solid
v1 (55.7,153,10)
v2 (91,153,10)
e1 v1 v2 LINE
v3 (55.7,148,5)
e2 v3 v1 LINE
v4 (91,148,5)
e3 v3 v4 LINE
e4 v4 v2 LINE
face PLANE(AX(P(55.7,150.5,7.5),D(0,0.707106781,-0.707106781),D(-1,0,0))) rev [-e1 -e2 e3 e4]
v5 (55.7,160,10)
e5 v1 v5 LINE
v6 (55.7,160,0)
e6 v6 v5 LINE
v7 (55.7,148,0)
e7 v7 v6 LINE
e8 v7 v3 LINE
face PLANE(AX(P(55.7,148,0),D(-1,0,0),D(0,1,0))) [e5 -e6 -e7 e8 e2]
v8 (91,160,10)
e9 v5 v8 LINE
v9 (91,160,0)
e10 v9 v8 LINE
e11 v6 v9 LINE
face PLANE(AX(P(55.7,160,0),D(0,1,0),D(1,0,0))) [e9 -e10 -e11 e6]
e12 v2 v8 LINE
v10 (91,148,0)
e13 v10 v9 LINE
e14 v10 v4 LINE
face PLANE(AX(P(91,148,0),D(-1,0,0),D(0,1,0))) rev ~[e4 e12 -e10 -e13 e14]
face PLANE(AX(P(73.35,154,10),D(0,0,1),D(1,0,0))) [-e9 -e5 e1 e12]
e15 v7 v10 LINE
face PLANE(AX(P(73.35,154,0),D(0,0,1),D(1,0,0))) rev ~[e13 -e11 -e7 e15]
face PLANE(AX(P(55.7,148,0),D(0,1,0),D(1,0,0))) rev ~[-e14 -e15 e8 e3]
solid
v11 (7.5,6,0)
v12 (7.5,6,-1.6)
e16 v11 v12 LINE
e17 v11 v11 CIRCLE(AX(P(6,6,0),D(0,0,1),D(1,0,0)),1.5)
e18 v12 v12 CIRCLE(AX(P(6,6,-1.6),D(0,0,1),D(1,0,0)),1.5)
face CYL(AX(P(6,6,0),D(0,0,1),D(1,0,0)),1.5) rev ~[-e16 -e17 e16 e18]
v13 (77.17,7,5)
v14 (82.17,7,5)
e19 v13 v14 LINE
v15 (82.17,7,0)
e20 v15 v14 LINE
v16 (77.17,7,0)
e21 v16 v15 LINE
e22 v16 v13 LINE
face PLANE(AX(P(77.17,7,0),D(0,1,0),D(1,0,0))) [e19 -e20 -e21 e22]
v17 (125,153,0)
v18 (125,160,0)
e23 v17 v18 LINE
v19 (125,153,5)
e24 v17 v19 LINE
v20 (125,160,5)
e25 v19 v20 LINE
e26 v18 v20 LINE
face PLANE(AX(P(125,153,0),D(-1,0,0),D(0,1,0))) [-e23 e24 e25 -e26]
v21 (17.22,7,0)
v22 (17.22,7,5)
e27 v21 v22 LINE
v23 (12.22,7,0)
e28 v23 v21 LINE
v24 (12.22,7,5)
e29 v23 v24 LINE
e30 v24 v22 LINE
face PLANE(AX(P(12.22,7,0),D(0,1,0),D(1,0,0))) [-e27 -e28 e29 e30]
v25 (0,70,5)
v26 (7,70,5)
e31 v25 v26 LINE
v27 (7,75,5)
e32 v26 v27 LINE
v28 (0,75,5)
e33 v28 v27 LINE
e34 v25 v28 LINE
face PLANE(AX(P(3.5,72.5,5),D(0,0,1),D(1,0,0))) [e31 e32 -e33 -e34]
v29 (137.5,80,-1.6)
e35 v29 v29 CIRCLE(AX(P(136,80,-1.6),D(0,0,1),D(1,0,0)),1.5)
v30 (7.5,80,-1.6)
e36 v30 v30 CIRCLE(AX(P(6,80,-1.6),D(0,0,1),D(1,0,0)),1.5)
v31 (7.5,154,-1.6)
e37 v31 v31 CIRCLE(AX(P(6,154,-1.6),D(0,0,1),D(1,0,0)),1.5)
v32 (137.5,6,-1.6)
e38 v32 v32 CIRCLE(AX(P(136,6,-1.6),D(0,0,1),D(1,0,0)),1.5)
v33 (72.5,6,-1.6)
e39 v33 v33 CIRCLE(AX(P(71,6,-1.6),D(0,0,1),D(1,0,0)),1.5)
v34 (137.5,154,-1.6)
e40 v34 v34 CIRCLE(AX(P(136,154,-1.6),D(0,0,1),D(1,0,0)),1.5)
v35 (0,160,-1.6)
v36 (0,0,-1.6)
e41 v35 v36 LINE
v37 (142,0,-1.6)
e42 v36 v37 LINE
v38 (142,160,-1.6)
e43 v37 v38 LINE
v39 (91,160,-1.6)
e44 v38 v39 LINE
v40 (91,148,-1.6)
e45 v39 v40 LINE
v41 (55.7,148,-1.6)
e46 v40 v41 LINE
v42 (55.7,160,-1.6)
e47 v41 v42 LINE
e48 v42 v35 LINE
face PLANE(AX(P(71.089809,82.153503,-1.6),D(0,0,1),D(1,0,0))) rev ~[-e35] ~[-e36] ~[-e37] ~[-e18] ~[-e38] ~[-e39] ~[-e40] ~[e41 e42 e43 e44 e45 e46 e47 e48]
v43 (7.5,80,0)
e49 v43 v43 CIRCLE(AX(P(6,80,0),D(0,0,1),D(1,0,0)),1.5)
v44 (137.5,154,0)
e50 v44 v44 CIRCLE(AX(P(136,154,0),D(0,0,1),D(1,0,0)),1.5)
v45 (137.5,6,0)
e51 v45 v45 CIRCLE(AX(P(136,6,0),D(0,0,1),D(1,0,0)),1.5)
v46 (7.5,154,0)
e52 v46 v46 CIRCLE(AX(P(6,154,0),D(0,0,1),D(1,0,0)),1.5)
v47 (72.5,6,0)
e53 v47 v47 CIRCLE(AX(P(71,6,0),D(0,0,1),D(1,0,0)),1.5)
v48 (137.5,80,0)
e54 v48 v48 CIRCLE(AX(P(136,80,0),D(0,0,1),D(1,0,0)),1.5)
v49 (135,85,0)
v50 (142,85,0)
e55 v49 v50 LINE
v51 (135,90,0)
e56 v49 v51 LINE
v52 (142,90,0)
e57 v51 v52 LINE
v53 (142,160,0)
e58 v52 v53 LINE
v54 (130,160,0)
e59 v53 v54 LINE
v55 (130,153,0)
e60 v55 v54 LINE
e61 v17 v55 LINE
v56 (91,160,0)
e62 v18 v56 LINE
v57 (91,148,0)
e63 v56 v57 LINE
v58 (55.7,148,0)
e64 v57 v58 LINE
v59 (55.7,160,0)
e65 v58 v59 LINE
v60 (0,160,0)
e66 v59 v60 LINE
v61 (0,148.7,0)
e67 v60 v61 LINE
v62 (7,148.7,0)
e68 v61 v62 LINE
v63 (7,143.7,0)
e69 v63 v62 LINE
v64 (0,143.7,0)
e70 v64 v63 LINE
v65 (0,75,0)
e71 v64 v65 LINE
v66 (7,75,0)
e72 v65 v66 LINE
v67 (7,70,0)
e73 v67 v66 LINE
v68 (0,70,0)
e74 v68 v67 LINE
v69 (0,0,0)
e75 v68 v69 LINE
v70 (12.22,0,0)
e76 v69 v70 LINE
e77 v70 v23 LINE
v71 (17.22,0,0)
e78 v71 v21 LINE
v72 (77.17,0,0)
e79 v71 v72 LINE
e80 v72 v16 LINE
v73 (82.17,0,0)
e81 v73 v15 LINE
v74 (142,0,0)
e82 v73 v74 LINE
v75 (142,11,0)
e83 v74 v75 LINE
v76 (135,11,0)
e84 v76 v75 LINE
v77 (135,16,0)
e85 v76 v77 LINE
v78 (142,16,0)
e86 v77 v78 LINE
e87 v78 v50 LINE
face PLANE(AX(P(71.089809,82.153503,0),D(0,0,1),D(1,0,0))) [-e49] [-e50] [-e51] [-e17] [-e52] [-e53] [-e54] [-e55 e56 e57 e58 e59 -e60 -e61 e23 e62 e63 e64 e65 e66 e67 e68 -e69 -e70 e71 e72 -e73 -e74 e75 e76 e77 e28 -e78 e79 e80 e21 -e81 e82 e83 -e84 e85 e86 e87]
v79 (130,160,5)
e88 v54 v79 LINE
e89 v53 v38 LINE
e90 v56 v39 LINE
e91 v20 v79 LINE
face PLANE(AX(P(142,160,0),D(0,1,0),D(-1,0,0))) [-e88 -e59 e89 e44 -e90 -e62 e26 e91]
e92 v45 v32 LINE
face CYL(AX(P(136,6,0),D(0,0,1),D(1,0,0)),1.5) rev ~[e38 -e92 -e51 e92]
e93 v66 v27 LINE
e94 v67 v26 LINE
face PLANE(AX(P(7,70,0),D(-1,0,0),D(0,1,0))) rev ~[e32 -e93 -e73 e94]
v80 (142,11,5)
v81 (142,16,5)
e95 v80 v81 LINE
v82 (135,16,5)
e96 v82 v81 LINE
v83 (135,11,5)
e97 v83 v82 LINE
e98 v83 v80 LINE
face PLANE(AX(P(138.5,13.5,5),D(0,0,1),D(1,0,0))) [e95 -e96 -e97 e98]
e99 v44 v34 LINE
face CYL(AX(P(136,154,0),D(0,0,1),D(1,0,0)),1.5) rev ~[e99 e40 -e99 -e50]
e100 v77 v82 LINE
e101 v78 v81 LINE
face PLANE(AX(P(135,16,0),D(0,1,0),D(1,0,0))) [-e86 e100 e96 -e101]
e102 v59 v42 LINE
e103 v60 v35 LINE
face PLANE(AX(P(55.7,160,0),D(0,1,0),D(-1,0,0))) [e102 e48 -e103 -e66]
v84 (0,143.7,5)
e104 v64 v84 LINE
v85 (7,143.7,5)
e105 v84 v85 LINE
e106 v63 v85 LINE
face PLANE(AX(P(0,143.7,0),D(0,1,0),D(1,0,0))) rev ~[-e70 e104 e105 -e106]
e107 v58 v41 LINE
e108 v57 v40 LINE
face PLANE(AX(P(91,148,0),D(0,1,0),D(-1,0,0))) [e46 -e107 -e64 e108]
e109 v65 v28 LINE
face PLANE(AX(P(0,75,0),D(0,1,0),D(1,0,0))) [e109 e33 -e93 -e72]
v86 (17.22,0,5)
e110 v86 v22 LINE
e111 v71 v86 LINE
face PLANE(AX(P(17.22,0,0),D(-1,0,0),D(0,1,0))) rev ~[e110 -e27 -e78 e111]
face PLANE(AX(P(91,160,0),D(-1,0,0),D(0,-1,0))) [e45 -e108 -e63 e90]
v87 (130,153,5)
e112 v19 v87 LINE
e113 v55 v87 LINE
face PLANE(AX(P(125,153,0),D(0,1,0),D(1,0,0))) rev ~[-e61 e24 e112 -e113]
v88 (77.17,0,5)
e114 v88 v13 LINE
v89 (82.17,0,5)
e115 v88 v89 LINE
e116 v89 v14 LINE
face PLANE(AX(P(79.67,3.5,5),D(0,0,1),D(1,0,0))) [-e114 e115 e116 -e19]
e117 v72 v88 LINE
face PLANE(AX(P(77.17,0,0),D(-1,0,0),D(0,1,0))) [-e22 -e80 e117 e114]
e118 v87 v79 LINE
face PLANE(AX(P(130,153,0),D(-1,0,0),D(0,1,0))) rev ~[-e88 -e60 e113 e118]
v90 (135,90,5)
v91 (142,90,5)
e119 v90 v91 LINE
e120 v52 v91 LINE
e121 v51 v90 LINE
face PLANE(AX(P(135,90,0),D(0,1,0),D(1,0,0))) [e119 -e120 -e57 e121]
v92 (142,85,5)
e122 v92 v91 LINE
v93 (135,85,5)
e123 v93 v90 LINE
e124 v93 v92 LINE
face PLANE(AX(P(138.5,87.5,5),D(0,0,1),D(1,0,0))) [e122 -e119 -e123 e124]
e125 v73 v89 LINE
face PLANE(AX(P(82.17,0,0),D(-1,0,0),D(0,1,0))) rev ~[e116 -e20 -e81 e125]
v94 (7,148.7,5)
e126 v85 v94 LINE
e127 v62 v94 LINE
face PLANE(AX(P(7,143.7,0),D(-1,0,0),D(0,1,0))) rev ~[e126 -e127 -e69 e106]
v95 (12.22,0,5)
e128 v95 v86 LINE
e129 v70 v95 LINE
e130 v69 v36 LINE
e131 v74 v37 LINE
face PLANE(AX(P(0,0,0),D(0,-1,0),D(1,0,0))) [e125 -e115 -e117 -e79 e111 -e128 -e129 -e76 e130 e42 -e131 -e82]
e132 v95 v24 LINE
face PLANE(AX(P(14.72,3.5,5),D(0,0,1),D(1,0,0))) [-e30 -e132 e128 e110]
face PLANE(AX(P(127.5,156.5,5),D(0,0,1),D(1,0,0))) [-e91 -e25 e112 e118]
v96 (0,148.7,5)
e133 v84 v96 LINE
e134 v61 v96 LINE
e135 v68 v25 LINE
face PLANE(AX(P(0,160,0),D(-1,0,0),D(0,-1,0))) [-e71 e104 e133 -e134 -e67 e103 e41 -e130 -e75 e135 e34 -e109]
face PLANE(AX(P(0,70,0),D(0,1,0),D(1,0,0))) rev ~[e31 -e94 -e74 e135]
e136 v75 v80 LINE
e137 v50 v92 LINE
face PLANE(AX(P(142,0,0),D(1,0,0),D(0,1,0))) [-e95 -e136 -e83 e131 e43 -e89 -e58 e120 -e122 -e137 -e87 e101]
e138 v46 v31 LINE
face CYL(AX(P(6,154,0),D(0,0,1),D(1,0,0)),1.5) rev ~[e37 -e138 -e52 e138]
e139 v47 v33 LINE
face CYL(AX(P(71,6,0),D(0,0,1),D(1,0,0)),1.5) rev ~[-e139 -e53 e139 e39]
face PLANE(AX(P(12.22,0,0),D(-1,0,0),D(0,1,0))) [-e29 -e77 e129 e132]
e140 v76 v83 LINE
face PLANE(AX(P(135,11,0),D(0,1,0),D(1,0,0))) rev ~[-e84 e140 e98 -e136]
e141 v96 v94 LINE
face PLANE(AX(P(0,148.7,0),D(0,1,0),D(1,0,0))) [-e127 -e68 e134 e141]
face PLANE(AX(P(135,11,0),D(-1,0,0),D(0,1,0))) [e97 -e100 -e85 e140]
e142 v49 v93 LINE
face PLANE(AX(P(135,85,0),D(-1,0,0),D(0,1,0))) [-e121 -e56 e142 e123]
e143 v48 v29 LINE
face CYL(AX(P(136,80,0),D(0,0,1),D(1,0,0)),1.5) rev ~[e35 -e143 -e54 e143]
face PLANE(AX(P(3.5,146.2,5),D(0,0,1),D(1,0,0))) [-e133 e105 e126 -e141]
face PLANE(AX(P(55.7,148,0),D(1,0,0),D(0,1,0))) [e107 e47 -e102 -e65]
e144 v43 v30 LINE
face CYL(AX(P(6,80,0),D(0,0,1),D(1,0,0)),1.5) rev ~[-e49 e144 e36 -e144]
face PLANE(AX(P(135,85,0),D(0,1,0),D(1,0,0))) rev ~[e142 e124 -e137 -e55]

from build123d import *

# Parameters (mm, degrees)
F0_R     = 1.5
F1_DEPTH = 1.6
F2_W     = 35.3
F2_H     = 12
F3_DEPTH = 10
F4_W     = 7
F4_H     = 5
F4_W_2   = 5
F4_H_2   = 7
F5_DEPTH = 5
F6_SIZE  = 5


with BuildPart() as f1:
    # F0 (on Top) → F1 (new body)
    with BuildSketch(Plane.XY):
        Polygon((0, 160), (0, 0), (142, 0), (142, 160), (91, 160), (91, 148), (55.7, 148), (55.7, 160), align=None)
        with Locations((6, 6)):
            Circle(F0_R, mode=Mode.SUBTRACT)
        with Locations((71, 6)):
            Circle(F0_R, mode=Mode.SUBTRACT)
        with Locations((136, 6)):
            Circle(F0_R, mode=Mode.SUBTRACT)
        with Locations((6, 80)):
            Circle(F0_R, mode=Mode.SUBTRACT)
        with Locations((6, 154)):
            Circle(F0_R, mode=Mode.SUBTRACT)
        with Locations((136, 80)):
            Circle(F0_R, mode=Mode.SUBTRACT)
        with Locations((136, 154)):
            Circle(F0_R, mode=Mode.SUBTRACT)
    extrude(amount=-F1_DEPTH)

    # F4 (on Top) → F5 (join)
    with BuildSketch(Plane.XY):
        with Locations((3.5, 146.2)):
            Rectangle(F4_W, F4_H)
        with Locations((3.5, 72.5)):
            Rectangle(F4_W, F4_H)
        with Locations((127.5, 156.5)):
            Rectangle(F4_W_2, F4_H_2)
        with Locations((138.5, 87.5)):
            Rectangle(F4_W, F4_H)
        with Locations((138.5, 13.5)):
            Rectangle(F4_W, F4_H)
        with Locations((79.67, 3.5)):
            Rectangle(F4_W_2, F4_H_2)
        with Locations((14.72, 3.5)):
            Rectangle(F4_W_2, F4_H_2)
    extrude(amount=F5_DEPTH)


with BuildPart() as f3:
    # F2 (on Top) → F3 (new body)
    with BuildSketch(Plane.XY):
        with Locations((73.35, 154)):
            Rectangle(F2_W, F2_H)
    extrude(amount=F3_DEPTH)

    # F6
    f6_edges = [f3.edges().sort_by_distance(p)[0] for p in [
        (73.35, 148, 10),
    ]]
    chamfer(f6_edges, length=F6_SIZE)


solid = Compound([f1.part, f3.part])
